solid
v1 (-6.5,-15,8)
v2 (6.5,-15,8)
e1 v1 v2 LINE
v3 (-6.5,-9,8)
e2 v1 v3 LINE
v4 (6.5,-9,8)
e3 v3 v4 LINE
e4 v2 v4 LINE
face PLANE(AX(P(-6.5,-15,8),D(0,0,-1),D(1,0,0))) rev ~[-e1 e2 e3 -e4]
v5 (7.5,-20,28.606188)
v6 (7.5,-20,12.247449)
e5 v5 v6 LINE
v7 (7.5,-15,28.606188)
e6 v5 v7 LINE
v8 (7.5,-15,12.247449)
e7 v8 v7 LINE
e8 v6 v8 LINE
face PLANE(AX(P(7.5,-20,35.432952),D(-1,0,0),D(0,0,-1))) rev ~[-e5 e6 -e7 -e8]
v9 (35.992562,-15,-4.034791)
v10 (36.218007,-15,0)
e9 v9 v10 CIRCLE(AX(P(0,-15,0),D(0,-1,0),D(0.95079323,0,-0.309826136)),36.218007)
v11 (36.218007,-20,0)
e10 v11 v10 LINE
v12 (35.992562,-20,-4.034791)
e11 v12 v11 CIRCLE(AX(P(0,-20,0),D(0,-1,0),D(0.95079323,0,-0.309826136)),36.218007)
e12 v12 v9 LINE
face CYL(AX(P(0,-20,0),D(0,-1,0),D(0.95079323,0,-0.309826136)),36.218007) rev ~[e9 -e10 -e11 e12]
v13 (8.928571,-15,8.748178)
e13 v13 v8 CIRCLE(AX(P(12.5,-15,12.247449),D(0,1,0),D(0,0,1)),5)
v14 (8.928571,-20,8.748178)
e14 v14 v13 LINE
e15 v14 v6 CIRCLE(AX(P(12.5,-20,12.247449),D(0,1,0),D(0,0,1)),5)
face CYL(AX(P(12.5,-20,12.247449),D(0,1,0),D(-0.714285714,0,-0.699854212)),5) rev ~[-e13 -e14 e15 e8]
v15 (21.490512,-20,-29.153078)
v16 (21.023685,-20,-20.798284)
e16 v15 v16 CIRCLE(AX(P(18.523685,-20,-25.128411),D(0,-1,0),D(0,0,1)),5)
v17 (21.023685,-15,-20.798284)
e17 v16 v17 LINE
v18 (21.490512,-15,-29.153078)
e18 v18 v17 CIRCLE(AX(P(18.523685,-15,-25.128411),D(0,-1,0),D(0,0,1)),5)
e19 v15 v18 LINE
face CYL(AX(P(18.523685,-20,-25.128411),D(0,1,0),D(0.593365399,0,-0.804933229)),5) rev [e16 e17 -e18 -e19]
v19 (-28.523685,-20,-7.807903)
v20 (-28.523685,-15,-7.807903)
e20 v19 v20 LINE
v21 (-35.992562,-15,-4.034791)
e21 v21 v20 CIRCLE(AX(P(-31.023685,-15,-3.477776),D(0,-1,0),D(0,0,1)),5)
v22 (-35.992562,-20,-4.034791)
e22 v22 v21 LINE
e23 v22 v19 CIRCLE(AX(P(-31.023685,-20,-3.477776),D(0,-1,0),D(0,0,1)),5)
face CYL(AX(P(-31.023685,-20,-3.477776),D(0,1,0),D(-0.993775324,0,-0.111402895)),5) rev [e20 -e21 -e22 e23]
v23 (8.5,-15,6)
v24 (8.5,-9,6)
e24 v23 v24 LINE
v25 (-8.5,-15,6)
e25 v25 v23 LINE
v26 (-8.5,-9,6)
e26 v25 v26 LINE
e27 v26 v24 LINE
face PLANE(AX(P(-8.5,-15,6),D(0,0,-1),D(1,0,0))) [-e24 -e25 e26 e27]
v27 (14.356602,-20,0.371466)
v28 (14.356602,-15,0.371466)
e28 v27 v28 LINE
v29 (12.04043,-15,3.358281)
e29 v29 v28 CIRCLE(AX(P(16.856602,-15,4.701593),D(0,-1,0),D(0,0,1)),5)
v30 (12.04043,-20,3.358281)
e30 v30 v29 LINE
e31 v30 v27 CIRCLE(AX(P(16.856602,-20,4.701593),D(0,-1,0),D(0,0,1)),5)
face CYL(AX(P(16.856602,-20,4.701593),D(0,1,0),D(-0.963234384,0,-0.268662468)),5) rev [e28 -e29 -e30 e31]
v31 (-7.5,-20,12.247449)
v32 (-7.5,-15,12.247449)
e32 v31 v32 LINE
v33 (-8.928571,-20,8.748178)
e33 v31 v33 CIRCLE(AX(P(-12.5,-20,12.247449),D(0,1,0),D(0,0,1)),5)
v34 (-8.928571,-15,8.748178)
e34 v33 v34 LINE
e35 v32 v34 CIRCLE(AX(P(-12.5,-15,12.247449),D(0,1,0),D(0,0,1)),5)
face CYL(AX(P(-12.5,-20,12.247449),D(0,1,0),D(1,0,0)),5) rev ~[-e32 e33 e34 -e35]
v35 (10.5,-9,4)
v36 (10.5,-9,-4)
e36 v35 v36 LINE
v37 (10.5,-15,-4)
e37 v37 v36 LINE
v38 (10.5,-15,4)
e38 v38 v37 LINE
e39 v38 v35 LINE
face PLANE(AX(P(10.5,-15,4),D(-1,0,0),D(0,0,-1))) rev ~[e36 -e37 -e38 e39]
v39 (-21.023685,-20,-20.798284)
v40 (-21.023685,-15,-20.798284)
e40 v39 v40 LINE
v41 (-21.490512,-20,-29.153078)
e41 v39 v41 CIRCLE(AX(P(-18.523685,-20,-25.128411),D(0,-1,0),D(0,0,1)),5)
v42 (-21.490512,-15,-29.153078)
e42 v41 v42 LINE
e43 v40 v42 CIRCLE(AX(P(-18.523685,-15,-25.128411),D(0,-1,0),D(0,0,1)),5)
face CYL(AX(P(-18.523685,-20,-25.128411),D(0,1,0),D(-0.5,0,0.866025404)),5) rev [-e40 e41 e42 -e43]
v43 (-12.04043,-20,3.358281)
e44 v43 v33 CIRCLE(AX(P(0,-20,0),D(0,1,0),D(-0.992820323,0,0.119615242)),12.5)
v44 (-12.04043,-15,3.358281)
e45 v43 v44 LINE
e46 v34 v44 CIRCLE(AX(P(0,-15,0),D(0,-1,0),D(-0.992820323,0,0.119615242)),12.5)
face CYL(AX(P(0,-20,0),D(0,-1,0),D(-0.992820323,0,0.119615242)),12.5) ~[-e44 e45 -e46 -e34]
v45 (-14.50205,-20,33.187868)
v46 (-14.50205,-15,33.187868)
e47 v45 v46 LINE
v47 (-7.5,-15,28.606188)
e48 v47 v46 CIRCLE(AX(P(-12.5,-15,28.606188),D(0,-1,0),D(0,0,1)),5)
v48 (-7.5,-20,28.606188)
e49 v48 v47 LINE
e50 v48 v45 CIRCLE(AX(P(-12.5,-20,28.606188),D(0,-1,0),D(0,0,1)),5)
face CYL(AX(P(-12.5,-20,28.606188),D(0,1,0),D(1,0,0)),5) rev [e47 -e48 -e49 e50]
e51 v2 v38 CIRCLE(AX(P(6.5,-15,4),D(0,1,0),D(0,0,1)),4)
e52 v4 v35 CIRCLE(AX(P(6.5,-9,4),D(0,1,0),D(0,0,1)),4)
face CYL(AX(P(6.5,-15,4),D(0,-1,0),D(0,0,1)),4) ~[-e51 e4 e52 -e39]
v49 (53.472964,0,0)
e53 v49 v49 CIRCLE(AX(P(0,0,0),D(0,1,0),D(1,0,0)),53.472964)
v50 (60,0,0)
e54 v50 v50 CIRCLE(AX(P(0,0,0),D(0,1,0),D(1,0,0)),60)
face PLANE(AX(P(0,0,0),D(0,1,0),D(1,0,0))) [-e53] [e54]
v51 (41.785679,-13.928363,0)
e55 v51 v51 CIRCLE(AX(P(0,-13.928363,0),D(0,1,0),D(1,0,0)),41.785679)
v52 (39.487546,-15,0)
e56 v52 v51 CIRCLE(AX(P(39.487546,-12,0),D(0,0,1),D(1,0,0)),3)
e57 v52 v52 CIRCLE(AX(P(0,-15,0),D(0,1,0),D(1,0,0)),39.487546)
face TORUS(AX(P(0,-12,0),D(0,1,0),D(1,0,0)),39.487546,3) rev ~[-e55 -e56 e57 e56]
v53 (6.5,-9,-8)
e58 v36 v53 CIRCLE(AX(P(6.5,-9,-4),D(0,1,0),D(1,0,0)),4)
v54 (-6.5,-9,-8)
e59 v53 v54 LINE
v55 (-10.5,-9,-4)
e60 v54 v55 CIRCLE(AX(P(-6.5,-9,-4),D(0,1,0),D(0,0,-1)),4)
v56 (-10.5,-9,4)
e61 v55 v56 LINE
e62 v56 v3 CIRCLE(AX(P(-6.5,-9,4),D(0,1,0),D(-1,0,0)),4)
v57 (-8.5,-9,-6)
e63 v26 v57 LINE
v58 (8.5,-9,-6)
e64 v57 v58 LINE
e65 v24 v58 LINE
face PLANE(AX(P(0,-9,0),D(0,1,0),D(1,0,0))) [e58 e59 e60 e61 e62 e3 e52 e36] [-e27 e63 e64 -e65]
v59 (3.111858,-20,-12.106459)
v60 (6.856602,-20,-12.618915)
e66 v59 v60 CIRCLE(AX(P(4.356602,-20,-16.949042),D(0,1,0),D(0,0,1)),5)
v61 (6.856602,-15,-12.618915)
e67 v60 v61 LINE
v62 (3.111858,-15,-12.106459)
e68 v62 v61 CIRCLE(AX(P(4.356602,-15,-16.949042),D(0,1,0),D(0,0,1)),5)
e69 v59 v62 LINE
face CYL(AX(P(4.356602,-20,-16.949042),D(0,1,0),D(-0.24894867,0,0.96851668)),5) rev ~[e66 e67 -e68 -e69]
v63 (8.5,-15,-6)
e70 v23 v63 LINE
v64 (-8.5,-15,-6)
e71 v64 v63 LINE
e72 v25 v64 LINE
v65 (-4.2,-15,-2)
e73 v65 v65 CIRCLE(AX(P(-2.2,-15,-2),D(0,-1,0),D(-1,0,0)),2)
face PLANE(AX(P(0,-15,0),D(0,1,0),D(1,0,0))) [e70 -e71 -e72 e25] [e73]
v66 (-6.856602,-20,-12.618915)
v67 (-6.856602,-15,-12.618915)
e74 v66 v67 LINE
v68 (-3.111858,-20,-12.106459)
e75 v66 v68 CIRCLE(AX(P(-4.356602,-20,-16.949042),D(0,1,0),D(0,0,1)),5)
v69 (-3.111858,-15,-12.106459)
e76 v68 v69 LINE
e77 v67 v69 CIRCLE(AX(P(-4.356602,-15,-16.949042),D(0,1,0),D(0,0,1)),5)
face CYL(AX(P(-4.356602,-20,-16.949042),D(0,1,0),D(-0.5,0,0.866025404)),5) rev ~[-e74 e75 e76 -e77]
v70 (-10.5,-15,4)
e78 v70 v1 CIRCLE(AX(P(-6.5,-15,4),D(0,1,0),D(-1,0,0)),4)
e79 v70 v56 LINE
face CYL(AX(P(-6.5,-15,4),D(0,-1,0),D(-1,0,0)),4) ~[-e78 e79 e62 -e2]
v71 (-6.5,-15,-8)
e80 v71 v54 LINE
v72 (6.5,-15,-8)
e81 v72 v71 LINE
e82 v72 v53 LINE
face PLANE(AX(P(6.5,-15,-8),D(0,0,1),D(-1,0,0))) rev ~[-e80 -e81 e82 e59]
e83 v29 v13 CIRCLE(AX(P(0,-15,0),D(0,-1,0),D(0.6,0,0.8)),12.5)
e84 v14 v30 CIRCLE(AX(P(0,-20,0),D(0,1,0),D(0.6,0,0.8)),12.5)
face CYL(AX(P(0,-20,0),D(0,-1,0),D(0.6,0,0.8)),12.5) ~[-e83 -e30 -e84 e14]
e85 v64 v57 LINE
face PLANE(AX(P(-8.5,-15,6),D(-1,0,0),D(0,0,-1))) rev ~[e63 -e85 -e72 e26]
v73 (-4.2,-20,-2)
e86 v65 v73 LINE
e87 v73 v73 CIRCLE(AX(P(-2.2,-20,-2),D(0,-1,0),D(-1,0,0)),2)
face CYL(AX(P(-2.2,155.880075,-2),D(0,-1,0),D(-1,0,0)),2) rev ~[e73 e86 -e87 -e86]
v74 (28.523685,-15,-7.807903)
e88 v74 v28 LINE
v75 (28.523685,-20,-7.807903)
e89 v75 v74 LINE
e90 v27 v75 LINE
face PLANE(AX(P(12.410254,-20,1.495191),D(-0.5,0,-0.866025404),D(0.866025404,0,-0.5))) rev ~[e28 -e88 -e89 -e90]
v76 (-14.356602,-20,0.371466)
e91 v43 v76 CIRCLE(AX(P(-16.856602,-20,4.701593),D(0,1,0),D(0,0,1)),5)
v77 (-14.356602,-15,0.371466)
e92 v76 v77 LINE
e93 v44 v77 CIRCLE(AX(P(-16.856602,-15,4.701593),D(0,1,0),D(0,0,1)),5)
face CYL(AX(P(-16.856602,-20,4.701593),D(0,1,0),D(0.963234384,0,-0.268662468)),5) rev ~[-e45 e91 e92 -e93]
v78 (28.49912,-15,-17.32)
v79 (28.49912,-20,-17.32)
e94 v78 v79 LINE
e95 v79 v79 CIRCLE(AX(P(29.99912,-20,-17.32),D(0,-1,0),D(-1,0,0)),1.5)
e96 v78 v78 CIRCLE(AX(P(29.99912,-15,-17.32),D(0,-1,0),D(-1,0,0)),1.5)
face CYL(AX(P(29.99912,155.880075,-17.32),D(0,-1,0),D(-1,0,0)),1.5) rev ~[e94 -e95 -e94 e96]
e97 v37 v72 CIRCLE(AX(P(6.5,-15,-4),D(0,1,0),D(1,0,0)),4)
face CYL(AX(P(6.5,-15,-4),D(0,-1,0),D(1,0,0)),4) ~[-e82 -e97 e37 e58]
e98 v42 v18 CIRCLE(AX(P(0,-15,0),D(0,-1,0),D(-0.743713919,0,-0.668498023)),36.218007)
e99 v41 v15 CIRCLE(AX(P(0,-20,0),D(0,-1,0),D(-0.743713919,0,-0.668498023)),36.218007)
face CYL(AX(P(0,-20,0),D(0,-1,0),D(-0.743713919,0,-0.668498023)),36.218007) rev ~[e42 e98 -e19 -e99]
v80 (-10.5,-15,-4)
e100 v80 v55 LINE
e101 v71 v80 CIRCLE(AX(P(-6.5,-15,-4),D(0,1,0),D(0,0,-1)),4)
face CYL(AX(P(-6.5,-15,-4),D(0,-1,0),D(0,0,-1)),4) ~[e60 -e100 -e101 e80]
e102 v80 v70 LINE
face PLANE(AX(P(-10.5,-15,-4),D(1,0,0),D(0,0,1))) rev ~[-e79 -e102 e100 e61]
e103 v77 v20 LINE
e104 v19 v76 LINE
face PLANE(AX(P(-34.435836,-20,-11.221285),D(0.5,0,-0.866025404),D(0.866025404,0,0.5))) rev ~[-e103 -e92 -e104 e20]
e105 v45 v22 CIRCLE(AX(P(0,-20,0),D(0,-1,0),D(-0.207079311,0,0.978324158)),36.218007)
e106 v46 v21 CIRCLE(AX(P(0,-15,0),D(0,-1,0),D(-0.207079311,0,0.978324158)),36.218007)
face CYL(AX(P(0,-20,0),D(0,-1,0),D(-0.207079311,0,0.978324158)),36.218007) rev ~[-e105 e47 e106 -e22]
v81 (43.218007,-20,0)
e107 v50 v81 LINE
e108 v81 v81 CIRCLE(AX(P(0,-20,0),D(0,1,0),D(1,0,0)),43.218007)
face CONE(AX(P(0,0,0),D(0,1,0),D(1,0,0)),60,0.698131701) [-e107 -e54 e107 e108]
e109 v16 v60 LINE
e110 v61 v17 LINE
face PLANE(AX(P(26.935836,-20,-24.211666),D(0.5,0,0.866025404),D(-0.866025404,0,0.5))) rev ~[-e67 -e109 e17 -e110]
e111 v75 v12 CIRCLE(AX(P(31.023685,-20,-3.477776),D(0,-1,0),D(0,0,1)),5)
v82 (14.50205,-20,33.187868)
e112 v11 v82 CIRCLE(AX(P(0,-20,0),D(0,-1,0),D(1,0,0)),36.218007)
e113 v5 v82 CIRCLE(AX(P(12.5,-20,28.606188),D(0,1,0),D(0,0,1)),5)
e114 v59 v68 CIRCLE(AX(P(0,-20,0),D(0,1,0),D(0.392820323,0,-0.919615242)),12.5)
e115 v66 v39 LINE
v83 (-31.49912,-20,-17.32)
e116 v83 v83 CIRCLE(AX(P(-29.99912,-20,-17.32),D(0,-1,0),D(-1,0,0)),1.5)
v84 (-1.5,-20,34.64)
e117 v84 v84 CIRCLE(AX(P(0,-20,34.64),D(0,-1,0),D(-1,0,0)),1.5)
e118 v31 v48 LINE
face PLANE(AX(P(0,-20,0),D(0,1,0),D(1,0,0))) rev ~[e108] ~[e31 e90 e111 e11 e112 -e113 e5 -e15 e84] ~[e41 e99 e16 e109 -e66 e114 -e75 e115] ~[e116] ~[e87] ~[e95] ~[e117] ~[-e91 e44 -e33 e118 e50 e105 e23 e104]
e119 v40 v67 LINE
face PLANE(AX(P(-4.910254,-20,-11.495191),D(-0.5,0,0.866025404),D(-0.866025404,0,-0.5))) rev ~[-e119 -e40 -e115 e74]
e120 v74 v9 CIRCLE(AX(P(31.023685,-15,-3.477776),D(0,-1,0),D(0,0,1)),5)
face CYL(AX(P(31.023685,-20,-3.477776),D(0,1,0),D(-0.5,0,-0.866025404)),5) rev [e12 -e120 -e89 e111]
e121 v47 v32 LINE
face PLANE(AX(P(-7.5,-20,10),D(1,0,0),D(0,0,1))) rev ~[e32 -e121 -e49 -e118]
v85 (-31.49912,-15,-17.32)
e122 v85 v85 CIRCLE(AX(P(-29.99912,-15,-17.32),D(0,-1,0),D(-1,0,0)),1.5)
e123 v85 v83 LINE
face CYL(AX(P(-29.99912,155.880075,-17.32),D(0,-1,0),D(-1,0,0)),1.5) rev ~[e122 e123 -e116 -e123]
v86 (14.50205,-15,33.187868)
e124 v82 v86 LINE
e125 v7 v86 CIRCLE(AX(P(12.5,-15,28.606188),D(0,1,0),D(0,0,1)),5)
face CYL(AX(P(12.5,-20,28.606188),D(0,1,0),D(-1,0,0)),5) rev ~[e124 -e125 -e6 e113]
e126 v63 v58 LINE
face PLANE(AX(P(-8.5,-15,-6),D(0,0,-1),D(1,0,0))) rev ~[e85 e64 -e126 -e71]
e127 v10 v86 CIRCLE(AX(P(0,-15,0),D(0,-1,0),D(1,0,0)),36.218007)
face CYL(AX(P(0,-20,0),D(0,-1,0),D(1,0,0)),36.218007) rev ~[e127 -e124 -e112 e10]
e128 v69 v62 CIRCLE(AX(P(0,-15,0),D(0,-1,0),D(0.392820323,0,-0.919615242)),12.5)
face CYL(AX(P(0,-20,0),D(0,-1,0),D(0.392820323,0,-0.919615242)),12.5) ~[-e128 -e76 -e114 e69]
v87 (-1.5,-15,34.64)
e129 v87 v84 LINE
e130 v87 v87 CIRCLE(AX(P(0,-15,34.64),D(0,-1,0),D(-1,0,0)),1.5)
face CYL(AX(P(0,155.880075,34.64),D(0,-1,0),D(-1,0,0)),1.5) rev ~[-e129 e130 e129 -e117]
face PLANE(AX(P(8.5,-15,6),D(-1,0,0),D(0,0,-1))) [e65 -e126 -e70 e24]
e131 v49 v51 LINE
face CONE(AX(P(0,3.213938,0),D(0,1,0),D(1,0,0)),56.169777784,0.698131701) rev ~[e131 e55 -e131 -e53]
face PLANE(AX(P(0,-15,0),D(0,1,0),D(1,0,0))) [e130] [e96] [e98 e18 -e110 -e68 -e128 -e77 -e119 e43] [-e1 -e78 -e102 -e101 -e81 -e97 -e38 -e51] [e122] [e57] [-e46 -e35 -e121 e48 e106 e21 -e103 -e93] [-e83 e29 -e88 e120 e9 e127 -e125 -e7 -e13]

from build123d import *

# Parameters (mm, degrees)
SKETCH1_R             = 60
BOSS_EXTRUDE1_DEPTH   = 20
BOSS_EXTRUDE1_DRAFT   = -40
SHELL1_T              = -5
CUT_EXTRUDE2_DEPTH    = 20
SKETCH3_W             = 17
SKETCH3_H             = 12
BOSS_EXTRUDE2_DEPTH   = 6
F_3_0MM_DOWEL_HOLE1_D = 3
F_4_0MM_DOWEL_HOLE1_D = 4
FILLET1_R             = 5
FILLET2_R             = 3


with BuildPart() as part:
    # Sketch1 → Boss-Extrude1 (with draft: the straight prism first)
    with BuildSketch(Plane(origin=(0, 0, 0), x_dir=(1, 0, 0), z_dir=(0, 1, 0))):
        Circle(SKETCH1_R)
    extrude(amount=-BOSS_EXTRUDE1_DEPTH)
    # Boss-Extrude1: the draft: its side faces are tilted about the plane it starts from
    boss_extrude1_sides = [part.faces().sort_by_distance(p)[0] for p in [
        (-60, -10, 0),
    ]]
    draft(boss_extrude1_sides, Plane(origin=(0, 0, 0), x_dir=(1, 0, 0), z_dir=(0, 1, 0)), BOSS_EXTRUDE1_DRAFT)

    # Shell1
    shell1_openings = [part.faces().sort_by_distance(p)[0] for p in [
        (0, 0, 0),
    ]]
    offset(amount=SHELL1_T, openings=shell1_openings, kind=Kind.INTERSECTION)

    # Sketch2 → Cut-Extrude2 (cut)
    with BuildSketch(Plane.XZ.offset(20)):
        with BuildLine():
            ThreePointArc((-7.5, 35.432951589), (-31.365714462, 18.109003688), (-34.435836207, -11.221285266))
            Line((-34.435836207, -11.221285266), (-12.410254038, 1.495190528))
            ThreePointArc((-12.410254038, 1.495190528), (-10.825317547, 6.25), (-7.5, 10))
            Line((-7.5, 10), (-7.5, 35.432951589))
        make_face()
        with BuildLine():
            Line((12.410254038, 1.495190528), (34.435836207, -11.221285266))
            ThreePointArc((34.435836207, -11.221285266), (35.769689879, -5.680963323), (36.218007376, 0))
            ThreePointArc((36.218007376, 0), (28.136978459, 22.804703495), (7.5, 35.432951589))
            Line((7.5, 35.432951589), (7.5, 10))
            ThreePointArc((7.5, 10), (10.825317547, 6.25), (12.410254038, 1.495190528))
        make_face()
        with BuildLine():
            ThreePointArc((-26.935836207, -24.211666323), (0, -36.218007376), (26.935836207, -24.211666323))
            Line((26.935836207, -24.211666323), (4.910254038, -11.495190528))
            ThreePointArc((4.910254038, -11.495190528), (0, -12.5), (-4.910254038, -11.495190528))
            Line((-4.910254038, -11.495190528), (-26.935836207, -24.211666323))
        make_face()
    extrude(amount=-CUT_EXTRUDE2_DEPTH, mode=Mode.SUBTRACT)

    # Sketch3 → Boss-Extrude2 (add)
    with BuildSketch(Plane(origin=(0, -15, 0), x_dir=(1, 0, 0), z_dir=(0, 1, 0))):
        with BuildLine():
            Line((-6.5, -8), (6.5, -8))
            ThreePointArc((6.5, -8), (9.328427125, -6.828427125), (10.5, -4))
            Line((10.5, -4), (10.5, 4))
            ThreePointArc((10.5, 4), (9.328427125, 6.828427125), (6.5, 8))
            Line((6.5, 8), (-6.5, 8))
            ThreePointArc((-6.5, 8), (-9.328427125, 6.828427125), (-10.5, 4))
            Line((-10.5, 4), (-10.5, -4))
            ThreePointArc((-10.5, -4), (-9.328427125, -6.828427125), (-6.5, -8))
        make_face()
        Rectangle(SKETCH3_W, SKETCH3_H, mode=Mode.SUBTRACT)
    extrude(amount=BOSS_EXTRUDE2_DEPTH)

    # Ø3.0mm Dowel Hole1 (through all)
    with Locations(Plane(origin=(0, -15, 0), x_dir=(1, 0, 0), z_dir=(0, 1, 0))):
        with Locations((-29.999119987, 17.32), (29.999119987, 17.32), (0, -34.64)):
            Hole(F_3_0MM_DOWEL_HOLE1_D / 2)

    # Ø4.0mm Dowel Hole1 (through all)
    with Locations(Plane(origin=(0, -15, 0), x_dir=(1, 0, 0), z_dir=(0, 1, 0))):
        with Locations((-2.2, 2)):
            Hole(F_4_0MM_DOWEL_HOLE1_D / 2)

    # Fillet1
    fillet1_edges = [part.edges().sort_by_distance(p)[0] for p in [
        (-26.935836207, -17.5, -24.211666323),
        (-4.910254038, -17.5, -11.495190528),
        (4.910254038, -17.5, -11.495190528),
        (26.935836207, -17.5, -24.211666323),
        (34.435836207, -17.5, -11.221285266),
        (12.410254038, -17.5, 1.495190528),
        (7.5, -17.5, 10),
        (7.5, -17.5, 35.432951589),
        (-7.5, -17.5, 35.432951589),
        (-7.5, -17.5, 10),
        (-12.410254038, -17.5, 1.495190528),
        (-34.435836207, -17.5, -11.221285266),
    ]]
    fillet(fillet1_edges, radius=FILLET1_R)

    # Fillet2
    fillet2_edges = [part.edges().sort_by_distance(p)[0] for p in [
        (-40.886469086, -15, 0),
    ]]
    fillet(fillet2_edges, radius=FILLET2_R)


solid = part.part
